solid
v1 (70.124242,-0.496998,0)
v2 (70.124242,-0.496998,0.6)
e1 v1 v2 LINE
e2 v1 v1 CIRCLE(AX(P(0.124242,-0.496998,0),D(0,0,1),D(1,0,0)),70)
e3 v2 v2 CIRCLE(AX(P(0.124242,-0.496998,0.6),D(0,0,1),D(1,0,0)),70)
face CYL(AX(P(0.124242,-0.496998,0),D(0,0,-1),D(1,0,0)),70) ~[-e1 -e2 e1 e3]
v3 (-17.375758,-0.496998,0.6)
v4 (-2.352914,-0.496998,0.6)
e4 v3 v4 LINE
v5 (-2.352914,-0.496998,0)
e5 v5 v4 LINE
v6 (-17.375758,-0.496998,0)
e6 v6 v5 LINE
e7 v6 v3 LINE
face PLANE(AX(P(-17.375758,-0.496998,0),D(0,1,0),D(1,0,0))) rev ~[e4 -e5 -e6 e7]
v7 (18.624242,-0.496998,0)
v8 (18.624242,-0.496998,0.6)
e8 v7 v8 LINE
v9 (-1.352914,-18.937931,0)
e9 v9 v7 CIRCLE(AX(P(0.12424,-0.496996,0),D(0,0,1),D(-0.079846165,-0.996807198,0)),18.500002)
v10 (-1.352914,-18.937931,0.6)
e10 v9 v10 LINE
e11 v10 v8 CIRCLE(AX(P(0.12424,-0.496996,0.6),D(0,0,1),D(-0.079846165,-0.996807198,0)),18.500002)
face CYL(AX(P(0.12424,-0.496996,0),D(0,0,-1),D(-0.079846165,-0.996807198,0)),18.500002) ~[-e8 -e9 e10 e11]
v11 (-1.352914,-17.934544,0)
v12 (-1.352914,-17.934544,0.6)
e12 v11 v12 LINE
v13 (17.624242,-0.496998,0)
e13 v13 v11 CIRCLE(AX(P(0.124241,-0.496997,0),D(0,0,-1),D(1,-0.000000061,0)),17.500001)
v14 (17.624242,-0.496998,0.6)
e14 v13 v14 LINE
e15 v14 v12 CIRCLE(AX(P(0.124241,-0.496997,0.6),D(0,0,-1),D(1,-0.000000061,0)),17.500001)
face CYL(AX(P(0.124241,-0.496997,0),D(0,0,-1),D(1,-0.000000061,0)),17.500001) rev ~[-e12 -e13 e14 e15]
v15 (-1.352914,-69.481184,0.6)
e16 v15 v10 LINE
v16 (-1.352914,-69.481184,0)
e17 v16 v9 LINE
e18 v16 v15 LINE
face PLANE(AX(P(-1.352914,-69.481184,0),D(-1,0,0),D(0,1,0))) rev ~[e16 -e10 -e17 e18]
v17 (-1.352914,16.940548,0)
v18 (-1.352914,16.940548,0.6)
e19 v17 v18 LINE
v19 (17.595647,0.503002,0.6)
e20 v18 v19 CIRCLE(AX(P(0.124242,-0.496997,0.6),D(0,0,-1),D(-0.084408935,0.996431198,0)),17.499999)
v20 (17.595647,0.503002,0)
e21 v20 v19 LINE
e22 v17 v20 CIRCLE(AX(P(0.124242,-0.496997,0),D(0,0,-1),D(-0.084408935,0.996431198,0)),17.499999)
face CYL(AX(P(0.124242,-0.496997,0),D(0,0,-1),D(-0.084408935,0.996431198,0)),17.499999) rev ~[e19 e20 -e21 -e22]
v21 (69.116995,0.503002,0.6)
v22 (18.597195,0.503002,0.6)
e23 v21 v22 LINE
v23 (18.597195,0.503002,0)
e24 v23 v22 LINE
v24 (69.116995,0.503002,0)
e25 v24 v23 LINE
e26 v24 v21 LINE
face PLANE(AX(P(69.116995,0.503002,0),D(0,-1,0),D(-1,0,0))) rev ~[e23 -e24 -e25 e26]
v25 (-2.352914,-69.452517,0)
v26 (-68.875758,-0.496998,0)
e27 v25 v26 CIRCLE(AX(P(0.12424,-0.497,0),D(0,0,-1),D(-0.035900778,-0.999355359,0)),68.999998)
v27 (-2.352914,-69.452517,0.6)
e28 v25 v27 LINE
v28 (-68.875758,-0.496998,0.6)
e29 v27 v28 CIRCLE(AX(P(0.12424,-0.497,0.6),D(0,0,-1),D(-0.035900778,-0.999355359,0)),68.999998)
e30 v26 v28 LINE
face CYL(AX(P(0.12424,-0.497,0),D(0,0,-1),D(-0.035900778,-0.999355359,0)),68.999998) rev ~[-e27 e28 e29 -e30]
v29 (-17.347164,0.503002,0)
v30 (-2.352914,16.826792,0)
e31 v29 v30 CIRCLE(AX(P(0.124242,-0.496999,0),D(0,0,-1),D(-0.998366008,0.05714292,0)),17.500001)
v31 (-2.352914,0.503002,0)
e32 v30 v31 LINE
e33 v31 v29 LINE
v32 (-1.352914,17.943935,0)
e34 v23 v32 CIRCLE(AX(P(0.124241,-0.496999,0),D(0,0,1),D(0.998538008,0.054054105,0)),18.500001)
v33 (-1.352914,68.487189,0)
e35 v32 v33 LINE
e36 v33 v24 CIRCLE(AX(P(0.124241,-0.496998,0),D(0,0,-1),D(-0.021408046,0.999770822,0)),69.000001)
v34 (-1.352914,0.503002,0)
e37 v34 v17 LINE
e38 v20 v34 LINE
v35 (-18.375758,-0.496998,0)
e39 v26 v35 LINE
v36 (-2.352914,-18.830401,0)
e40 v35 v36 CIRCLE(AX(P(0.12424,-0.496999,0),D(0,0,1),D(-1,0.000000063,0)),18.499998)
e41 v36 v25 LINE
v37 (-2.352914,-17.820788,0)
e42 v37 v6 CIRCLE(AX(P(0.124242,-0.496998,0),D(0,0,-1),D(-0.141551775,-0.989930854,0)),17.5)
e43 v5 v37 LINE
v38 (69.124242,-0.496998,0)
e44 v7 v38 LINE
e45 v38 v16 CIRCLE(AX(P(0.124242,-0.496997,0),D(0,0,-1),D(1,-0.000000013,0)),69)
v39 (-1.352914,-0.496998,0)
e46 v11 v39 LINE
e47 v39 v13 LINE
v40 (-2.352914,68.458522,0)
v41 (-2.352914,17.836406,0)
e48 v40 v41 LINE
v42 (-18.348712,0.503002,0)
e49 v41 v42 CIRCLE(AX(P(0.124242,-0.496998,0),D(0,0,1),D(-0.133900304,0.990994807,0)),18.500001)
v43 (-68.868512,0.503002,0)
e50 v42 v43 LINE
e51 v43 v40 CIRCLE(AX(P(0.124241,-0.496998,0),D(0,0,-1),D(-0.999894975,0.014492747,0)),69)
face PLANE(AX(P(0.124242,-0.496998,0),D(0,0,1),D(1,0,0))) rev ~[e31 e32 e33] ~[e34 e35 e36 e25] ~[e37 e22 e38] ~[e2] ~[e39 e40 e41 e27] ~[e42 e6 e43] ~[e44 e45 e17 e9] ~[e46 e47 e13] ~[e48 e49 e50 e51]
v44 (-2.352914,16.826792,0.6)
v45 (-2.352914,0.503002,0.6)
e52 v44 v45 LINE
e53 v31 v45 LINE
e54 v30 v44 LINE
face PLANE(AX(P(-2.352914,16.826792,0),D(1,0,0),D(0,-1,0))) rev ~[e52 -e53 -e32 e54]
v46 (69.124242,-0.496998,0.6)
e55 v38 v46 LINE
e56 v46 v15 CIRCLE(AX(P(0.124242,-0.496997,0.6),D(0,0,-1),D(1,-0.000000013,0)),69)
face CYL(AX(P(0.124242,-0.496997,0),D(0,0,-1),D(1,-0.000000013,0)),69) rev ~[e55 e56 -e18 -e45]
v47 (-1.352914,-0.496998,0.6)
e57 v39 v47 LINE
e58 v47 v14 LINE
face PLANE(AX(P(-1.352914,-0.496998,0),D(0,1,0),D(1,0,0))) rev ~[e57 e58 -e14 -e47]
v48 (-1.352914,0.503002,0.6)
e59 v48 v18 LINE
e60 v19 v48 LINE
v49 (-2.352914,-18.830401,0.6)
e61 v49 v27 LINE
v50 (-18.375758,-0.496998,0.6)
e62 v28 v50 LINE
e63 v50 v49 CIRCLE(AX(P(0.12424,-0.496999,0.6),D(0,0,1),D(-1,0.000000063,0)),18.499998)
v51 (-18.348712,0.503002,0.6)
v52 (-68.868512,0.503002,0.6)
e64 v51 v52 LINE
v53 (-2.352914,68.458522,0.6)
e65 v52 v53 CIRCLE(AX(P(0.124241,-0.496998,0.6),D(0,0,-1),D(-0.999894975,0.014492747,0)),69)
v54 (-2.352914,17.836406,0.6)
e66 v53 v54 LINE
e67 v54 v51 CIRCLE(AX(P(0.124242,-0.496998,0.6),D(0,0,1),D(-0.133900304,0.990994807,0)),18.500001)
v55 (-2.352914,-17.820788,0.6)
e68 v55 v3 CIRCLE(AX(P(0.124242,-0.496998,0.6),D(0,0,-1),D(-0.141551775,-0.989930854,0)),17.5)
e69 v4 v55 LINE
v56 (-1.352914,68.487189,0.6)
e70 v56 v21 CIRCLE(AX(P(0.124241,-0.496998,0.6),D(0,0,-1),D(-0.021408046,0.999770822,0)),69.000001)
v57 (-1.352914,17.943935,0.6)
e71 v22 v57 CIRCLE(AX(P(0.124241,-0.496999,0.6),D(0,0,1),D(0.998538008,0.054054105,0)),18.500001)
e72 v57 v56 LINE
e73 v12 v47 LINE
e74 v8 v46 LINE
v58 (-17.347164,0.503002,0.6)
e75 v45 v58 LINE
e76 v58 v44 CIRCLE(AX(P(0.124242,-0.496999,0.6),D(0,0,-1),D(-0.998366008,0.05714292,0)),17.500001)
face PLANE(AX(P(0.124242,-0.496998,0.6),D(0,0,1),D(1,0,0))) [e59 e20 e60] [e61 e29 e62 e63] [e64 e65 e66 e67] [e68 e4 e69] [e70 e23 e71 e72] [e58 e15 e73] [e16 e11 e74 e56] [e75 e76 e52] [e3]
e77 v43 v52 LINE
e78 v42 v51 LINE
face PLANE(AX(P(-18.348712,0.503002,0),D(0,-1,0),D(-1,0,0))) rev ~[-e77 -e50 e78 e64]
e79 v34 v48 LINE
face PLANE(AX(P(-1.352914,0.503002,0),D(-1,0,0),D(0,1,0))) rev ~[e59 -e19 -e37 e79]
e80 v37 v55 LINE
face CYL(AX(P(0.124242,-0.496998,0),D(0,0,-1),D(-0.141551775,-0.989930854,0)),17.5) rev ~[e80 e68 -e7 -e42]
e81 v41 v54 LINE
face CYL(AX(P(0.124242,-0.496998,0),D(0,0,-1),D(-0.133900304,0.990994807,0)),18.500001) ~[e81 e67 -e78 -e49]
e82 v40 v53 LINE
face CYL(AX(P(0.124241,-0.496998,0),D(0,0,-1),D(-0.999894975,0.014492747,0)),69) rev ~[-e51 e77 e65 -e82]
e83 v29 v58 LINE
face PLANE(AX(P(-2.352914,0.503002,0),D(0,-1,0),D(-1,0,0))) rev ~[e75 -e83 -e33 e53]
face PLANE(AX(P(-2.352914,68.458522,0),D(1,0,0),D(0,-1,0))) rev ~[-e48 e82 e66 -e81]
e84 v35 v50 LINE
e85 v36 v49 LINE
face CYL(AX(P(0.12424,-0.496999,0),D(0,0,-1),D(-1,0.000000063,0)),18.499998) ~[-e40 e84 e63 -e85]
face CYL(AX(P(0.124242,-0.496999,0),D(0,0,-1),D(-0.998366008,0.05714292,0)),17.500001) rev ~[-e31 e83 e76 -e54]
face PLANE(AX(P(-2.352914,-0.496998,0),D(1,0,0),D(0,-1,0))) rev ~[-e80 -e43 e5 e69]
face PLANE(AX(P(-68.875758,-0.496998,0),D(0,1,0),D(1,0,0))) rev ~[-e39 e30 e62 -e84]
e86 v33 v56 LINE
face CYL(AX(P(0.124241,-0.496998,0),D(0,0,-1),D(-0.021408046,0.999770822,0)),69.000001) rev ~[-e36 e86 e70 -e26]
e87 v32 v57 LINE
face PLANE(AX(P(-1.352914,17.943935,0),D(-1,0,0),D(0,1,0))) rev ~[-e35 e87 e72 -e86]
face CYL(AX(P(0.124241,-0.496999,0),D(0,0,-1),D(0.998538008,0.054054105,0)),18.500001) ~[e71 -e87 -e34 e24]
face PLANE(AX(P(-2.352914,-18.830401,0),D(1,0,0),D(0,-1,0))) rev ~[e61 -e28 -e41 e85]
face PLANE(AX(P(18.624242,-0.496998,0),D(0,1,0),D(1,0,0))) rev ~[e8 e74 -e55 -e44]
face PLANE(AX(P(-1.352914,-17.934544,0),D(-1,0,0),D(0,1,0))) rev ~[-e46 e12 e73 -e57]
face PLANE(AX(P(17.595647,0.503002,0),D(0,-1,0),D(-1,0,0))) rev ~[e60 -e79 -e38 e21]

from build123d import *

# Parameters (mm, degrees)
F0_R     = 70
F1_DEPTH = 0.6


with BuildPart() as f1:
    # F0 (on Top) → F1 (new body)
    with BuildSketch(Plane.XY):
        with Locations((0.124242, -0.496998)):
            Circle(F0_R)
        with BuildLine():
            ThreePointArc((-2.352914, -69.452517), (-49.534211, -48.403554), (-68.875758, -0.496998))
            Line((-68.875758, -0.496998), (-18.375758, -0.496998))
            ThreePointArc((-18.375758, -0.496998), (-13.805536, -12.671204), (-2.352914, -18.830401))
            Line((-2.352914, -18.830401), (-2.352914, -69.452517))
        make_face(mode=Mode.SUBTRACT)
        with BuildLine():
            ThreePointArc((-2.352914, -17.820788), (-13.096958, -11.962157), (-17.375758, -0.496998))
            Line((-17.375758, -0.496998), (-2.352914, -0.496998))
            Line((-2.352914, -0.496998), (-2.352914, -17.820788))
        make_face(mode=Mode.SUBTRACT)
        with BuildLine():
            ThreePointArc((69.124242, -0.496998), (48.389531, -49.806853), (-1.352914, -69.481184))
            Line((-1.352914, -69.481184), (-1.352914, -18.937931))
            ThreePointArc((-1.352914, -18.937931), (12.6726, -14.090698), (18.624242, -0.496998))
            Line((18.624242, -0.496998), (69.124242, -0.496998))
        make_face(mode=Mode.SUBTRACT)
        with BuildLine():
            Line((-1.352914, -17.934544), (-1.352914, -0.496998))
            Line((-1.352914, -0.496998), (17.624242, -0.496998))
            ThreePointArc((17.624242, -0.496998), (11.964845, -13.383041), (-1.352914, -17.934544))
        make_face(mode=Mode.SUBTRACT)
        with BuildLine():
            ThreePointArc((-68.868512, 0.503002), (-49.185749, 47.768154), (-2.352914, 68.458522))
            Line((-2.352914, 68.458522), (-2.352914, 17.836406))
            ThreePointArc((-2.352914, 17.836406), (-13.47129, 12.049377), (-18.348712, 0.503002))
            Line((-18.348712, 0.503002), (-68.868512, 0.503002))
        make_face(mode=Mode.SUBTRACT)
        with BuildLine():
            Line((-2.352914, 16.826792), (-2.352914, 0.503002))
            Line((-2.352914, 0.503002), (-17.347164, 0.503002))
            ThreePointArc((-17.347164, 0.503002), (-12.763846, 11.34138), (-2.352914, 16.826792))
        make_face(mode=Mode.SUBTRACT)
        with BuildLine():
            Line((17.595647, 0.503002), (-1.352914, 0.503002))
            Line((-1.352914, 0.503002), (-1.352914, 16.940548))
            ThreePointArc((-1.352914, 16.940548), (11.591684, 12.722222), (17.595647, 0.503002))
        make_face(mode=Mode.SUBTRACT)
        with BuildLine():
            ThreePointArc((-1.352914, 68.487189), (48.030936, 49.161321), (69.116995, 0.503002))
            Line((69.116995, 0.503002), (18.597195, 0.503002))
            ThreePointArc((18.597195, 0.503002), (12.300481, 13.431002), (-1.352914, 17.943935))
            Line((-1.352914, 17.943935), (-1.352914, 68.487189))
        make_face(mode=Mode.SUBTRACT)
    extrude(amount=F1_DEPTH)


solid = f1.part
